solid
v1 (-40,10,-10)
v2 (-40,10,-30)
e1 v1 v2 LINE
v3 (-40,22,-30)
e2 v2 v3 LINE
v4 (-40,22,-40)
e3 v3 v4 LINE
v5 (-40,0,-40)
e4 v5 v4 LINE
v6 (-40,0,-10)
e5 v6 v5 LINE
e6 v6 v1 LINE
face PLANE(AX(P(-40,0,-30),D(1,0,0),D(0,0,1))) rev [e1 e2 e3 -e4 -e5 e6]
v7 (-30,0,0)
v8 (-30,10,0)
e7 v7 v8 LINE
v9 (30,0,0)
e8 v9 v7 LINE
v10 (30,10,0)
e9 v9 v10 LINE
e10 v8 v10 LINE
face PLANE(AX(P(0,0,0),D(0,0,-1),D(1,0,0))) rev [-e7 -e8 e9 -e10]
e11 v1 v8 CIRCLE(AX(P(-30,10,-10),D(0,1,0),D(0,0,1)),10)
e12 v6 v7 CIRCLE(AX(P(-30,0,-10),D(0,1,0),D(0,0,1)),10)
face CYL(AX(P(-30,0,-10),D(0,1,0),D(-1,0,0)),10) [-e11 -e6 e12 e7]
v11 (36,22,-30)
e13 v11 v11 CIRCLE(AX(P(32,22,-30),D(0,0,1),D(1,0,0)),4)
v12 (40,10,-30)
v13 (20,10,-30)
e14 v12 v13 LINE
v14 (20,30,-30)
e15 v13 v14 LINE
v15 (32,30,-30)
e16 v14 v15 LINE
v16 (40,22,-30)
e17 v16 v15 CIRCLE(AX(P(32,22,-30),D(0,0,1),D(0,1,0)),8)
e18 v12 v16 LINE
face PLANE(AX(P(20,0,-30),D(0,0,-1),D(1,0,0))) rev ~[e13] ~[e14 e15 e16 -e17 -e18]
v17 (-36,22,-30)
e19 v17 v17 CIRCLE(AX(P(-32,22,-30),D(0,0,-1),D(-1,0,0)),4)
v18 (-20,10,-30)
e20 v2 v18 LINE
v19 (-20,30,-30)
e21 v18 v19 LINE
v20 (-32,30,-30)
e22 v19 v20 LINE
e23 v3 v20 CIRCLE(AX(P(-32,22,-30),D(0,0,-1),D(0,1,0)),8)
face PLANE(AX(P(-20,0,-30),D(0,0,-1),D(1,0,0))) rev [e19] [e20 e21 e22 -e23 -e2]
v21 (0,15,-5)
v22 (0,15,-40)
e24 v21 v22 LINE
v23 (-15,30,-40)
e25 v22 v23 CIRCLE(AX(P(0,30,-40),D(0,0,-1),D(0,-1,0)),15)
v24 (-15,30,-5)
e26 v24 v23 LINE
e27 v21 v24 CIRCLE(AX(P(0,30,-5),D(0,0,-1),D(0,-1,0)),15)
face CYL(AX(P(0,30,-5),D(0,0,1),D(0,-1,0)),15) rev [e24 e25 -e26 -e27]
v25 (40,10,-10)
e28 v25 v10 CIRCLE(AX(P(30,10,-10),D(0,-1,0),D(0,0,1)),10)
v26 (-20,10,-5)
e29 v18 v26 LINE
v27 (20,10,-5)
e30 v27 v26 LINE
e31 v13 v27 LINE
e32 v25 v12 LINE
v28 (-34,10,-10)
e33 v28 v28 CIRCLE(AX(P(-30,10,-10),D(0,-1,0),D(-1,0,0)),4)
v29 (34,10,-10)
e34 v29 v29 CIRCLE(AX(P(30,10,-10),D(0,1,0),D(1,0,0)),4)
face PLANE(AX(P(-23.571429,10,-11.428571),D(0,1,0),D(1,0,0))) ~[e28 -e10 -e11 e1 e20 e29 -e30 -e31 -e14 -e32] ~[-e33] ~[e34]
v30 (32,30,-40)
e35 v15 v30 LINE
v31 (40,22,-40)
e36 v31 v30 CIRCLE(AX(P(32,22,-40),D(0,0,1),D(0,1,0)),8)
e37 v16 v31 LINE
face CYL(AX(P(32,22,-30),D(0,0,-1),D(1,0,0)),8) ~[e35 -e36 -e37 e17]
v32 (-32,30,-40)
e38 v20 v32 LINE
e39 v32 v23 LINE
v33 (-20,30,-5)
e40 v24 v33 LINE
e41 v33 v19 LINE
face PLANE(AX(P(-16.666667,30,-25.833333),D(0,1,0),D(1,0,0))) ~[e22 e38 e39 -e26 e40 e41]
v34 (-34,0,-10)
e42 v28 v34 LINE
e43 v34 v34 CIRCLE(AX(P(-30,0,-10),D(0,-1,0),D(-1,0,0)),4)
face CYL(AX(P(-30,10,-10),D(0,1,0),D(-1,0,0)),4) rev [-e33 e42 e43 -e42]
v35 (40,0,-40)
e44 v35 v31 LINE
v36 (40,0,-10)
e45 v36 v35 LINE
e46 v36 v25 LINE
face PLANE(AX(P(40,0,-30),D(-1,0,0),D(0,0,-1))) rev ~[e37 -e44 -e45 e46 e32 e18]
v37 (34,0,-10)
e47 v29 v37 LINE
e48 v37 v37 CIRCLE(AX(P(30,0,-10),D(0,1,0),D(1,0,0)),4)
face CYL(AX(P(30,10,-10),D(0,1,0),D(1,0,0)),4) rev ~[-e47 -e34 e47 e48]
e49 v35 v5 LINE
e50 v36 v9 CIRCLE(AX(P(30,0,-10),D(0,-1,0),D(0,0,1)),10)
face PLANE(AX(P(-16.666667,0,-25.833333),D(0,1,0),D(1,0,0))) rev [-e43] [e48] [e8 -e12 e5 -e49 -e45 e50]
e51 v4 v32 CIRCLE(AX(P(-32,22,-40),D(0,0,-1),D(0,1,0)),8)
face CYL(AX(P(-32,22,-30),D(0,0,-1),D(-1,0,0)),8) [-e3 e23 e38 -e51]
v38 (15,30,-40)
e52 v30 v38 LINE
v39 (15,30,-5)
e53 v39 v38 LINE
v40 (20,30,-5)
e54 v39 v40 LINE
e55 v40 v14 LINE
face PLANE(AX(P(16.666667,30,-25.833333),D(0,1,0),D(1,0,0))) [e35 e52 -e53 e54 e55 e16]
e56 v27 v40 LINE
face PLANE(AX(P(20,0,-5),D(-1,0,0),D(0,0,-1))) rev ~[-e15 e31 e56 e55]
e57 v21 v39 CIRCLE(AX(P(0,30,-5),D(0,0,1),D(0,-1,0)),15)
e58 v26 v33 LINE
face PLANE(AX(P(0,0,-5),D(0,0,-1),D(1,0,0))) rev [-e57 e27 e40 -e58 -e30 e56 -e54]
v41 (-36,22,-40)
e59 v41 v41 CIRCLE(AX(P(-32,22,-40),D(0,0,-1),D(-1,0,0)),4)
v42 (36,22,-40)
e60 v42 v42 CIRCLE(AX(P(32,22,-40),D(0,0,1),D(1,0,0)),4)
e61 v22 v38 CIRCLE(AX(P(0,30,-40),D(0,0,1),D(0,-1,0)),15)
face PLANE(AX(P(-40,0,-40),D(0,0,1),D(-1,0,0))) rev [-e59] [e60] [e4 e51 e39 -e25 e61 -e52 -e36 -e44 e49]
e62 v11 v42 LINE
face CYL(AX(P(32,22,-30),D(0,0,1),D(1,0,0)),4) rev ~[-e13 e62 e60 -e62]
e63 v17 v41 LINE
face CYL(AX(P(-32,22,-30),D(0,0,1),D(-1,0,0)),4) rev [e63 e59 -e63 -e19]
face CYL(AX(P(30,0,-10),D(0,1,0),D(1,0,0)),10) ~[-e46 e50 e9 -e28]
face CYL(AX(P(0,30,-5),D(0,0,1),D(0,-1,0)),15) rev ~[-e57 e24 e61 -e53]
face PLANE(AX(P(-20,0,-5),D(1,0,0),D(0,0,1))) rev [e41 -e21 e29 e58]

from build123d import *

# Parameters (mm, degrees)
BOSS_EXTRUDE1_DEPTH = 10
BOSS_EXTRUDE2_DEPTH = 30
CUT_EXTRUDE1_REACH  = 63.033
CUT_EXTRUDE2_REACH  = 62
SKETCH3_R           = 4
FILLET1_R           = 10
FILLET2_R           = 8
CUT_EXTRUDE3_REACH  = 60.31
SKETCH4_R           = 4


with BuildPart() as part:
    # Sketch1 → Boss-Extrude1 (new body)
    with BuildSketch(Plane(origin=(0, 0, 0), x_dir=(1, 0, 0), z_dir=(0, 1, 0))):
        Polygon((40, 0), (40, 30), (20, 30), (20, 5), (0, 5), (0, 0), align=None)
    extrude(amount=BOSS_EXTRUDE1_DEPTH)

    # Sketch1<3> → Boss-Extrude2 (add)
    with BuildSketch(Plane(origin=(0, 0, 0), x_dir=(1, 0, 0), z_dir=(0, 1, 0))):
        Polygon((20, 30), (40, 30), (40, 40), (0, 40), (0, 5), (20, 5), align=None)
    extrude(amount=BOSS_EXTRUDE2_DEPTH)

    # Sketch2 → Cut-Extrude1 (cut, up to next)
    with BuildSketch(Plane.XY.offset(-5), mode=Mode.PRIVATE) as cut_extrude1_sk1:
        with BuildLine():
            Line((15, 30), (0, 30))
            Line((0, 30), (0, 15))
            ThreePointArc((0, 15), (10.606601718, 19.393398282), (15, 30))
        make_face()
    cut_extrude1_tool1 = extrude(cut_extrude1_sk1.sketch, amount=-CUT_EXTRUDE1_REACH, mode=Mode.PRIVATE) & part.part
    add(cut_extrude1_tool1.solids().sort_by_distance((6.366198, 23.633802, -5))[0], mode=Mode.SUBTRACT)

    # Sketch3 → Cut-Extrude2 (cut, up to next)
    with BuildSketch(Plane(origin=(0, 10, 0), x_dir=(1, 0, 0), z_dir=(0, 1, 0)), mode=Mode.PRIVATE) as cut_extrude2_sk1:
        with Locations((30, 10)):
            Circle(SKETCH3_R)
    cut_extrude2_tool1 = extrude(cut_extrude2_sk1.sketch, amount=-CUT_EXTRUDE2_REACH, mode=Mode.PRIVATE) & part.part
    add(cut_extrude2_tool1.solids().sort_by_distance((30, 10, -10))[0], mode=Mode.SUBTRACT)

    # Fillet1
    fillet1_edges = [part.edges().sort_by_distance(p)[0] for p in [
        (40, 5, 0),
    ]]
    fillet(fillet1_edges, radius=FILLET1_R)

    # Fillet2
    fillet2_edges = [part.edges().sort_by_distance(p)[0] for p in [
        (40, 30, -35),
    ]]
    fillet(fillet2_edges, radius=FILLET2_R)

    # Sketch4 → Cut-Extrude3 (cut, up to next)
    with BuildSketch(Plane.XY.offset(-30), mode=Mode.PRIVATE) as cut_extrude3_sk1:
        with Locations((32, 22)):
            Circle(SKETCH4_R)
    cut_extrude3_tool1 = extrude(cut_extrude3_sk1.sketch, amount=-CUT_EXTRUDE3_REACH, mode=Mode.PRIVATE) & part.part
    add(cut_extrude3_tool1.solids().sort_by_distance((32, 22, -30))[0], mode=Mode.SUBTRACT)

    # Mirror1: part across plane


with BuildPart() as part_1:
    add(part.part)
    add(part.part.mirror(Plane(origin=(0, 10, 0), x_dir=(0, 0, 1), z_dir=(-1, 0, 0))))


solid = part_1.part
